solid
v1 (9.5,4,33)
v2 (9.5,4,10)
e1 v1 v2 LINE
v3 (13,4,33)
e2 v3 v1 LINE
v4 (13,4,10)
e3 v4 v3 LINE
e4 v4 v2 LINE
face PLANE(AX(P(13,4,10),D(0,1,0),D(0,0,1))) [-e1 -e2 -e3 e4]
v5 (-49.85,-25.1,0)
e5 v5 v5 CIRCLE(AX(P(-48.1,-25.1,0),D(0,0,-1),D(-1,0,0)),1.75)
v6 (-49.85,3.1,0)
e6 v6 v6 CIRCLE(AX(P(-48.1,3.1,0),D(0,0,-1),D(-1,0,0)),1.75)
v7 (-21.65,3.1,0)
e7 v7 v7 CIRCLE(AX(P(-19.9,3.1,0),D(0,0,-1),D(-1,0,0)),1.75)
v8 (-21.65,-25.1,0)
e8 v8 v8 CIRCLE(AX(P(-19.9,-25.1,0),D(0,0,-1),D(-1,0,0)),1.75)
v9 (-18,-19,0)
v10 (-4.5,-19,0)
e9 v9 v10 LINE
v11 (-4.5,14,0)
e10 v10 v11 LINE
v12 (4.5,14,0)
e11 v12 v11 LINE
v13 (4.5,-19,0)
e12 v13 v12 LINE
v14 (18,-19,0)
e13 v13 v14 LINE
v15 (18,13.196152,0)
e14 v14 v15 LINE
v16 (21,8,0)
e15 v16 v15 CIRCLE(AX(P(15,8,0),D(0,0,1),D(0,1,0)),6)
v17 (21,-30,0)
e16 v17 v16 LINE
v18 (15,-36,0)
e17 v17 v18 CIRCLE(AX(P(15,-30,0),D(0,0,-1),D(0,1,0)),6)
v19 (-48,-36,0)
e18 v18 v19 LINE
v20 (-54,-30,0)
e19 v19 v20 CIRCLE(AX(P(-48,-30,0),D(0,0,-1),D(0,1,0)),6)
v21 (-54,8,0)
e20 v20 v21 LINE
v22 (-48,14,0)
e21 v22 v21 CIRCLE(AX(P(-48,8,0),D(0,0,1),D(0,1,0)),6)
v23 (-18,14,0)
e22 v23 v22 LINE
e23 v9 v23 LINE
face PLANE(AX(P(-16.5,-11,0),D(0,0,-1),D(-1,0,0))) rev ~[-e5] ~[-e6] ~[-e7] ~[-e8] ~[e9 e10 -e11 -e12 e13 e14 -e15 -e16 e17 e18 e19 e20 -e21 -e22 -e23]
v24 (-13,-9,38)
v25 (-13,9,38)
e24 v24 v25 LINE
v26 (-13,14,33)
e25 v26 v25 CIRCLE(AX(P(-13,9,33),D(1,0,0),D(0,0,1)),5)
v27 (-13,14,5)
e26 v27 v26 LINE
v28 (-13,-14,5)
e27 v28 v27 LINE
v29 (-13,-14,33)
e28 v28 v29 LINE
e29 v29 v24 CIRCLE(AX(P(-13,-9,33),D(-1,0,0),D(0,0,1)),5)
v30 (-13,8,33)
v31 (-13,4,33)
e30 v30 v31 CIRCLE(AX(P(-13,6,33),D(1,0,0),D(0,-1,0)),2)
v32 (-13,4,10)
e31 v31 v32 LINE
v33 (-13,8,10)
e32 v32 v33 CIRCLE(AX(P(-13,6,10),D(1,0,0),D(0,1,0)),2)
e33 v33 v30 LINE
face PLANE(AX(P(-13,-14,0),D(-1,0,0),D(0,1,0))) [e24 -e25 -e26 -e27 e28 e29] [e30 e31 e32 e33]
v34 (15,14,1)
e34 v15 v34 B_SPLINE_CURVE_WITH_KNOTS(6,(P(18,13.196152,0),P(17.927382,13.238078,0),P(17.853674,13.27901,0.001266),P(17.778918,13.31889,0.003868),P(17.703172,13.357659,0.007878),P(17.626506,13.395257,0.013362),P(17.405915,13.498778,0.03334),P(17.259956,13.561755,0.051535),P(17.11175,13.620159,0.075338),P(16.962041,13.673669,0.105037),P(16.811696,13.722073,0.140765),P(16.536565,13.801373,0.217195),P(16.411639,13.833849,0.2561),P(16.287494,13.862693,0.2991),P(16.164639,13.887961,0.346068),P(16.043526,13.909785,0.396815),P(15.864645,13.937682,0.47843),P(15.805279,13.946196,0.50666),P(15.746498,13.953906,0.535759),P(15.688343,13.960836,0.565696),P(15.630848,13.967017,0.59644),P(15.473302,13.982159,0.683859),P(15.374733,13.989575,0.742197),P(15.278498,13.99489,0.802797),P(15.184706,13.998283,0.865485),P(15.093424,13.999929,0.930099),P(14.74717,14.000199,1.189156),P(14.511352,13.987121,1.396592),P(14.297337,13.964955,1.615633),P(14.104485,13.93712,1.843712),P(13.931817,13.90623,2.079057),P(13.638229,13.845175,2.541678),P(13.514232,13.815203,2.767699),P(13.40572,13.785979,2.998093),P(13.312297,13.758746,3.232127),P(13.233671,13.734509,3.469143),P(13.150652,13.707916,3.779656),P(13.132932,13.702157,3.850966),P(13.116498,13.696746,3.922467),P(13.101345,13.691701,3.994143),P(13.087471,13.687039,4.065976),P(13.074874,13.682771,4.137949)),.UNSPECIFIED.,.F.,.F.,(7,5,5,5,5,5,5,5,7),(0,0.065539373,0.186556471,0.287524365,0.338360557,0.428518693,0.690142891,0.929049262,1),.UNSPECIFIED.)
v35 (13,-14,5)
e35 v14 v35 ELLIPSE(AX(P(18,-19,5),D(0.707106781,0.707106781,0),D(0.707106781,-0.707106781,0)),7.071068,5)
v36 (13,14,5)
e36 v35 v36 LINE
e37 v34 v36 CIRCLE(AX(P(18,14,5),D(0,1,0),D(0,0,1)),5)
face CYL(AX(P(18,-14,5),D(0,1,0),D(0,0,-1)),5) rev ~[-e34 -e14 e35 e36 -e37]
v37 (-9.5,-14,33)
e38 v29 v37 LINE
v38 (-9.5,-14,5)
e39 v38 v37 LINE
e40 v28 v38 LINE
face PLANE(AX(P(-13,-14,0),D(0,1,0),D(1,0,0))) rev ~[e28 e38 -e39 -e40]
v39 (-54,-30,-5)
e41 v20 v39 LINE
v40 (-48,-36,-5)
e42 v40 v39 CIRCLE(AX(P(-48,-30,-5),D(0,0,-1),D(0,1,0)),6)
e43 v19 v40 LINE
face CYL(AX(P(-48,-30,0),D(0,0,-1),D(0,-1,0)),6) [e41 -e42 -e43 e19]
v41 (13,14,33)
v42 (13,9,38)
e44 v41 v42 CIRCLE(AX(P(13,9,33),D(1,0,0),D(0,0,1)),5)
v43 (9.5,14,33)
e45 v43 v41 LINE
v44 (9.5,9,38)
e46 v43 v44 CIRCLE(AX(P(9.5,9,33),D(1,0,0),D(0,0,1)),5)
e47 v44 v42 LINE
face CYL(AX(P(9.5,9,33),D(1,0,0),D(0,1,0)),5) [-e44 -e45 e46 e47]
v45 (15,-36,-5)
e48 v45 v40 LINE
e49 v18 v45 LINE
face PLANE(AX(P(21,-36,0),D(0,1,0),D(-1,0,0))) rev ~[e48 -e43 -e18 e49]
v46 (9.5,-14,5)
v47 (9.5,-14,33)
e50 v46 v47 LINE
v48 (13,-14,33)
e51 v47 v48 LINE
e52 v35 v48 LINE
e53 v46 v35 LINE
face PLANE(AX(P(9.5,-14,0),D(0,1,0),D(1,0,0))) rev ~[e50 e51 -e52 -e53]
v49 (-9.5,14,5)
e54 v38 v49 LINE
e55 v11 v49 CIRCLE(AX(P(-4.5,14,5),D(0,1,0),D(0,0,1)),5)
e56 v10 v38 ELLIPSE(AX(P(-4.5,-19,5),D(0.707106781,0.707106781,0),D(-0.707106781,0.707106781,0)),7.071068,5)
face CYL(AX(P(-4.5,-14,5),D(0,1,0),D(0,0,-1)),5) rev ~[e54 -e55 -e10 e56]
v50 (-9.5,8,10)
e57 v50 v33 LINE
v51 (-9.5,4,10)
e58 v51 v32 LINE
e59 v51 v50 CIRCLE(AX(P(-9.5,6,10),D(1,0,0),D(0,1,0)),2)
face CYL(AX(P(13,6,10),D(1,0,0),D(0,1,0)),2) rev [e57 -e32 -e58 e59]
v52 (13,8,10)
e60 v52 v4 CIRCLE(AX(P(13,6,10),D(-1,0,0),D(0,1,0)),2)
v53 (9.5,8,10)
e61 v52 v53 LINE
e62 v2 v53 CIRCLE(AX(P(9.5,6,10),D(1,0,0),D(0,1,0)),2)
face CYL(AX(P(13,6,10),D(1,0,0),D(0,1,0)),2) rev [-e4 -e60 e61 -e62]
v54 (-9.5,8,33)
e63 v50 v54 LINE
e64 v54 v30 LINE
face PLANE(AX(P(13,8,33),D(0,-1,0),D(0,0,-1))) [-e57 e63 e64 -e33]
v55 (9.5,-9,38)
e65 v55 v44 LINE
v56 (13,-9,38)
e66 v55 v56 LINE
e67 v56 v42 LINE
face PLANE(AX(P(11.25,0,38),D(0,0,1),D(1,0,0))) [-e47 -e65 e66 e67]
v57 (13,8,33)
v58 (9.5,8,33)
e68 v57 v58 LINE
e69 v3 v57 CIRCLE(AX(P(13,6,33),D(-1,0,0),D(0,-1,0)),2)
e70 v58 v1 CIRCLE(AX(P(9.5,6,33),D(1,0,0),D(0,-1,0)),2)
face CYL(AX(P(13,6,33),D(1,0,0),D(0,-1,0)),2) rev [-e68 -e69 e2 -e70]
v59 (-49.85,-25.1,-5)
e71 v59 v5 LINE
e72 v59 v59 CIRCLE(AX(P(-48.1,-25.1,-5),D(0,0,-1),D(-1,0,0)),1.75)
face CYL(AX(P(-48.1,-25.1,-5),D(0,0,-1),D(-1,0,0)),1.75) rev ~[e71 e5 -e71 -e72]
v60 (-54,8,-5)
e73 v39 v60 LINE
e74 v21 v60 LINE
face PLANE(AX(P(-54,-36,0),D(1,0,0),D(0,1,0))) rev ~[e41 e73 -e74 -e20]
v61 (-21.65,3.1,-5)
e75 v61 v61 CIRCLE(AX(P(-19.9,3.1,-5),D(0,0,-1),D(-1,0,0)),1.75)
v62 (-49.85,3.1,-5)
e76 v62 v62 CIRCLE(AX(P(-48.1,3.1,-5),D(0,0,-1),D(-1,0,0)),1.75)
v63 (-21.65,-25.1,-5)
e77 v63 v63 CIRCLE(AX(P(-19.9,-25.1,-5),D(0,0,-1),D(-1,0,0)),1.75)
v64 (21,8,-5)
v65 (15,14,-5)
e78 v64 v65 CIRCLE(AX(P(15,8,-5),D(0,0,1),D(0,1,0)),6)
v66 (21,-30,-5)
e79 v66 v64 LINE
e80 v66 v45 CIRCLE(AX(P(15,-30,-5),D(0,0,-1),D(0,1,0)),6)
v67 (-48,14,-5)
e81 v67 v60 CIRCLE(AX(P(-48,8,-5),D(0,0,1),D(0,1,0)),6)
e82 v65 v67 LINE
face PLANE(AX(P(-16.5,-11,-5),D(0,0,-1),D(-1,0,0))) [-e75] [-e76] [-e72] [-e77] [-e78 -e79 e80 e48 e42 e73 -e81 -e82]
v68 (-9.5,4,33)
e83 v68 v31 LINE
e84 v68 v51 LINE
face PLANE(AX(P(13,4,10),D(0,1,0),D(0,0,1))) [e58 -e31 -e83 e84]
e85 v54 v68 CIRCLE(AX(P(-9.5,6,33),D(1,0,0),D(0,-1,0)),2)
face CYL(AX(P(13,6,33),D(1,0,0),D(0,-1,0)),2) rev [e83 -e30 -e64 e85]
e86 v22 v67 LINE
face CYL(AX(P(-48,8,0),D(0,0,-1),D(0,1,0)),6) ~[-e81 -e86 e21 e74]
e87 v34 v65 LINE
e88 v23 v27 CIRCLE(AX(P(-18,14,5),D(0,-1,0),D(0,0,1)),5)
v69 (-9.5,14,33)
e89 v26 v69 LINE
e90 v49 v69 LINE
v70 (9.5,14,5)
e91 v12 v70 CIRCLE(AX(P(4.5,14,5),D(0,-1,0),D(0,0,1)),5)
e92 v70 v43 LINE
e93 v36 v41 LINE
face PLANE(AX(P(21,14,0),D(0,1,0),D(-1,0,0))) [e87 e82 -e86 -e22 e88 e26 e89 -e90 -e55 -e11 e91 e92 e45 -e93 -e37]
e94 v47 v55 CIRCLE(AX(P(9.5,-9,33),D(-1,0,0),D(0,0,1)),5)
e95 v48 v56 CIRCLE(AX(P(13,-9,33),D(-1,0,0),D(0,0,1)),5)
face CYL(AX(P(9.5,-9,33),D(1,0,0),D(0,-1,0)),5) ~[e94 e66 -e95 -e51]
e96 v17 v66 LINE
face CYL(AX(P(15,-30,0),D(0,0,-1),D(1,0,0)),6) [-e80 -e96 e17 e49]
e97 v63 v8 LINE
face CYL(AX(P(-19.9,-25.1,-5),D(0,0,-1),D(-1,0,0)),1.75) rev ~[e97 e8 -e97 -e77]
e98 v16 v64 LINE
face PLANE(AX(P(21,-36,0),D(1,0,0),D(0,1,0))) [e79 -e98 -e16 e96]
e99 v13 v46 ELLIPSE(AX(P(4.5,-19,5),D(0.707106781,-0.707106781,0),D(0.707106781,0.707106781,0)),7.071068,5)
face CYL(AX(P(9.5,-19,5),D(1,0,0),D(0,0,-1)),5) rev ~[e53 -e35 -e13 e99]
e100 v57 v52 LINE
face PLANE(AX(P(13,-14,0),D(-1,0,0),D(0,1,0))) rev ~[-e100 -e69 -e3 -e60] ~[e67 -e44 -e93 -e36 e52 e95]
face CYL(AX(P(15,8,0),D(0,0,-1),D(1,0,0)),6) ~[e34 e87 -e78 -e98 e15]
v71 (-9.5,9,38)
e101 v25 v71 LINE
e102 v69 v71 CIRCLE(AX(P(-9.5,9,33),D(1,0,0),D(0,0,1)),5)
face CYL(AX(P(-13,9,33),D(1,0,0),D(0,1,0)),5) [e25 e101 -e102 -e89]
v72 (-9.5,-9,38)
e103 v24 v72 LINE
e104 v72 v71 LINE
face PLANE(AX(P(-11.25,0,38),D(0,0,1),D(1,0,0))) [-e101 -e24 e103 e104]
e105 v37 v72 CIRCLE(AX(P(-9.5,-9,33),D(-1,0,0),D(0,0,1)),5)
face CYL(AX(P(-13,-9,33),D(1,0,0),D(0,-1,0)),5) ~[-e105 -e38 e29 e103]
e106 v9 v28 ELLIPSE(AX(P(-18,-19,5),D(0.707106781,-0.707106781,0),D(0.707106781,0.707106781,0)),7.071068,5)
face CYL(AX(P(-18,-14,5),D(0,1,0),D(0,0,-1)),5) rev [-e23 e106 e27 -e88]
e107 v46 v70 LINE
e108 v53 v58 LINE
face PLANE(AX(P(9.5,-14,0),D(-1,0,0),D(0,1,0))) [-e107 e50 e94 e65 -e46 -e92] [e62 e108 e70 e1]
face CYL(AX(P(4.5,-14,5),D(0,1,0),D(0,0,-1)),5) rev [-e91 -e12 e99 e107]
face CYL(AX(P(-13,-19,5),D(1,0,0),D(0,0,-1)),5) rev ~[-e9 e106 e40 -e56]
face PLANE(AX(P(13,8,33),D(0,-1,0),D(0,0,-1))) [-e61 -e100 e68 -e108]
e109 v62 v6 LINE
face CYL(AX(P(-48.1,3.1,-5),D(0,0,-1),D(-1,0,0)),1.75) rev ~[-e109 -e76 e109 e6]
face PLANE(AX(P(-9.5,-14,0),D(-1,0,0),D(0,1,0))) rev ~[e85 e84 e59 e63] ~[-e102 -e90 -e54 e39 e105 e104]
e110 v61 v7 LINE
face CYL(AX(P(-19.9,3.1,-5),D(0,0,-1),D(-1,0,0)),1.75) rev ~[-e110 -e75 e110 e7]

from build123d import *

# Parameters (mm, degrees)
SKETCH1_W               = 3.5
SKETCH1_H               = 28
BOSS_EXTRUDE1_DEPTH     = 38
BOSS_EXTRUDE1_2_DEPTH   = 38
SKETCH2_W               = 75
SKETCH2_H               = 50
BOSS_EXTRUDE2_DEPTH     = 5
FILLET1_R               = 6
FILLET2_R               = 5
CUT_EXTRUDE1_DEPTH      = 9.0000001
CUT_EXTRUDE1_DEPTH_BACK = 68
SKETCH4_R               = 1.75
CUT_EXTRUDE2_DEPTH      = 1.0000001
CUT_EXTRUDE2_DEPTH_BACK = 44


with BuildPart() as part:
    # Sketch1 → Boss-Extrude1 (new body)
    with BuildSketch(Plane.XY):
        with Locations((-11.25, 0)):
            Rectangle(SKETCH1_W, SKETCH1_H)
    extrude(amount=BOSS_EXTRUDE1_DEPTH)



with BuildPart() as body_2:
    # Sketch1 → Boss-Extrude1 2 (new body)
    with BuildSketch(Plane.XY):
        with Locations((11.25, 0)):
            Rectangle(SKETCH1_W, SKETCH1_H)
    extrude(amount=BOSS_EXTRUDE1_2_DEPTH)


with BuildPart() as part_1:
    add(part.part)

    add(body_2.part)  # Boss-Extrude2 merges body 2
    # Sketch2 → Boss-Extrude2 (add)
    with BuildSketch(Plane(origin=(0, 0, 0), x_dir=(-1, 0, 0), z_dir=(0, 0, -1))):
        with Locations((16.5, -11)):
            Rectangle(SKETCH2_W, SKETCH2_H)
    extrude(amount=BOSS_EXTRUDE2_DEPTH)

    # Fillet1
    fillet1_edges = [part_1.edges().sort_by_distance(p)[0] for p in [
        (-54, 14, -2.5),
        (21, 14, -2.5),
        (21, -36, -2.5),
        (-54, -36, -2.5),
    ]]
    fillet(fillet1_edges, radius=FILLET1_R)

    # Fillet2
    fillet2_edges = [part_1.edges().sort_by_distance(p)[0] for p in [
        (-11.25, 14, 38),
        (11.25, -14, 0),
        (13, 0, 0),
        (11.25, 14, 38),
        (11.25, -14, 38),
        (9.5, 0, 0),
        (-11.25, -14, 38),
        (-13, 0, 0),
        (-9.5, 0, 0),
        (-11.25, -14, 0),
    ]]
    fillet(fillet2_edges, radius=FILLET2_R)

    # Sketch3 → Cut-Extrude1 (cut, two sides)
    with BuildSketch(Plane(origin=(13, 0, 0), x_dir=(0, 0, -1), z_dir=(1, 0, 0))) as cut_extrude1_sk:
        with BuildLine():
            Line((-10, 4), (-33, 4))
            ThreePointArc((-33, 4), (-35, 6), (-33, 8))
            Line((-33, 8), (-10, 8))
            ThreePointArc((-10, 8), (-8, 6), (-10, 4))
        make_face()
    extrude(amount=CUT_EXTRUDE1_DEPTH, mode=Mode.SUBTRACT)
    extrude(cut_extrude1_sk.sketch, amount=-CUT_EXTRUDE1_DEPTH_BACK, mode=Mode.SUBTRACT)

    # Sketch4 → Cut-Extrude2 (cut, two sides)
    with BuildSketch(Plane(origin=(0, 0, -5), x_dir=(-1, 0, 0), z_dir=(0, 0, -1))) as cut_extrude2_sk:
        with Locations((19.9, 3.1)):
            Circle(SKETCH4_R)
        with Locations((48.1, 3.1)):
            Circle(SKETCH4_R)
        with Locations((48.1, -25.1)):
            Circle(SKETCH4_R)
        with Locations((19.9, -25.1)):
            Circle(SKETCH4_R)
    extrude(amount=CUT_EXTRUDE2_DEPTH, mode=Mode.SUBTRACT)
    extrude(cut_extrude2_sk.sketch, amount=-CUT_EXTRUDE2_DEPTH_BACK, mode=Mode.SUBTRACT)


solid = part_1.part
